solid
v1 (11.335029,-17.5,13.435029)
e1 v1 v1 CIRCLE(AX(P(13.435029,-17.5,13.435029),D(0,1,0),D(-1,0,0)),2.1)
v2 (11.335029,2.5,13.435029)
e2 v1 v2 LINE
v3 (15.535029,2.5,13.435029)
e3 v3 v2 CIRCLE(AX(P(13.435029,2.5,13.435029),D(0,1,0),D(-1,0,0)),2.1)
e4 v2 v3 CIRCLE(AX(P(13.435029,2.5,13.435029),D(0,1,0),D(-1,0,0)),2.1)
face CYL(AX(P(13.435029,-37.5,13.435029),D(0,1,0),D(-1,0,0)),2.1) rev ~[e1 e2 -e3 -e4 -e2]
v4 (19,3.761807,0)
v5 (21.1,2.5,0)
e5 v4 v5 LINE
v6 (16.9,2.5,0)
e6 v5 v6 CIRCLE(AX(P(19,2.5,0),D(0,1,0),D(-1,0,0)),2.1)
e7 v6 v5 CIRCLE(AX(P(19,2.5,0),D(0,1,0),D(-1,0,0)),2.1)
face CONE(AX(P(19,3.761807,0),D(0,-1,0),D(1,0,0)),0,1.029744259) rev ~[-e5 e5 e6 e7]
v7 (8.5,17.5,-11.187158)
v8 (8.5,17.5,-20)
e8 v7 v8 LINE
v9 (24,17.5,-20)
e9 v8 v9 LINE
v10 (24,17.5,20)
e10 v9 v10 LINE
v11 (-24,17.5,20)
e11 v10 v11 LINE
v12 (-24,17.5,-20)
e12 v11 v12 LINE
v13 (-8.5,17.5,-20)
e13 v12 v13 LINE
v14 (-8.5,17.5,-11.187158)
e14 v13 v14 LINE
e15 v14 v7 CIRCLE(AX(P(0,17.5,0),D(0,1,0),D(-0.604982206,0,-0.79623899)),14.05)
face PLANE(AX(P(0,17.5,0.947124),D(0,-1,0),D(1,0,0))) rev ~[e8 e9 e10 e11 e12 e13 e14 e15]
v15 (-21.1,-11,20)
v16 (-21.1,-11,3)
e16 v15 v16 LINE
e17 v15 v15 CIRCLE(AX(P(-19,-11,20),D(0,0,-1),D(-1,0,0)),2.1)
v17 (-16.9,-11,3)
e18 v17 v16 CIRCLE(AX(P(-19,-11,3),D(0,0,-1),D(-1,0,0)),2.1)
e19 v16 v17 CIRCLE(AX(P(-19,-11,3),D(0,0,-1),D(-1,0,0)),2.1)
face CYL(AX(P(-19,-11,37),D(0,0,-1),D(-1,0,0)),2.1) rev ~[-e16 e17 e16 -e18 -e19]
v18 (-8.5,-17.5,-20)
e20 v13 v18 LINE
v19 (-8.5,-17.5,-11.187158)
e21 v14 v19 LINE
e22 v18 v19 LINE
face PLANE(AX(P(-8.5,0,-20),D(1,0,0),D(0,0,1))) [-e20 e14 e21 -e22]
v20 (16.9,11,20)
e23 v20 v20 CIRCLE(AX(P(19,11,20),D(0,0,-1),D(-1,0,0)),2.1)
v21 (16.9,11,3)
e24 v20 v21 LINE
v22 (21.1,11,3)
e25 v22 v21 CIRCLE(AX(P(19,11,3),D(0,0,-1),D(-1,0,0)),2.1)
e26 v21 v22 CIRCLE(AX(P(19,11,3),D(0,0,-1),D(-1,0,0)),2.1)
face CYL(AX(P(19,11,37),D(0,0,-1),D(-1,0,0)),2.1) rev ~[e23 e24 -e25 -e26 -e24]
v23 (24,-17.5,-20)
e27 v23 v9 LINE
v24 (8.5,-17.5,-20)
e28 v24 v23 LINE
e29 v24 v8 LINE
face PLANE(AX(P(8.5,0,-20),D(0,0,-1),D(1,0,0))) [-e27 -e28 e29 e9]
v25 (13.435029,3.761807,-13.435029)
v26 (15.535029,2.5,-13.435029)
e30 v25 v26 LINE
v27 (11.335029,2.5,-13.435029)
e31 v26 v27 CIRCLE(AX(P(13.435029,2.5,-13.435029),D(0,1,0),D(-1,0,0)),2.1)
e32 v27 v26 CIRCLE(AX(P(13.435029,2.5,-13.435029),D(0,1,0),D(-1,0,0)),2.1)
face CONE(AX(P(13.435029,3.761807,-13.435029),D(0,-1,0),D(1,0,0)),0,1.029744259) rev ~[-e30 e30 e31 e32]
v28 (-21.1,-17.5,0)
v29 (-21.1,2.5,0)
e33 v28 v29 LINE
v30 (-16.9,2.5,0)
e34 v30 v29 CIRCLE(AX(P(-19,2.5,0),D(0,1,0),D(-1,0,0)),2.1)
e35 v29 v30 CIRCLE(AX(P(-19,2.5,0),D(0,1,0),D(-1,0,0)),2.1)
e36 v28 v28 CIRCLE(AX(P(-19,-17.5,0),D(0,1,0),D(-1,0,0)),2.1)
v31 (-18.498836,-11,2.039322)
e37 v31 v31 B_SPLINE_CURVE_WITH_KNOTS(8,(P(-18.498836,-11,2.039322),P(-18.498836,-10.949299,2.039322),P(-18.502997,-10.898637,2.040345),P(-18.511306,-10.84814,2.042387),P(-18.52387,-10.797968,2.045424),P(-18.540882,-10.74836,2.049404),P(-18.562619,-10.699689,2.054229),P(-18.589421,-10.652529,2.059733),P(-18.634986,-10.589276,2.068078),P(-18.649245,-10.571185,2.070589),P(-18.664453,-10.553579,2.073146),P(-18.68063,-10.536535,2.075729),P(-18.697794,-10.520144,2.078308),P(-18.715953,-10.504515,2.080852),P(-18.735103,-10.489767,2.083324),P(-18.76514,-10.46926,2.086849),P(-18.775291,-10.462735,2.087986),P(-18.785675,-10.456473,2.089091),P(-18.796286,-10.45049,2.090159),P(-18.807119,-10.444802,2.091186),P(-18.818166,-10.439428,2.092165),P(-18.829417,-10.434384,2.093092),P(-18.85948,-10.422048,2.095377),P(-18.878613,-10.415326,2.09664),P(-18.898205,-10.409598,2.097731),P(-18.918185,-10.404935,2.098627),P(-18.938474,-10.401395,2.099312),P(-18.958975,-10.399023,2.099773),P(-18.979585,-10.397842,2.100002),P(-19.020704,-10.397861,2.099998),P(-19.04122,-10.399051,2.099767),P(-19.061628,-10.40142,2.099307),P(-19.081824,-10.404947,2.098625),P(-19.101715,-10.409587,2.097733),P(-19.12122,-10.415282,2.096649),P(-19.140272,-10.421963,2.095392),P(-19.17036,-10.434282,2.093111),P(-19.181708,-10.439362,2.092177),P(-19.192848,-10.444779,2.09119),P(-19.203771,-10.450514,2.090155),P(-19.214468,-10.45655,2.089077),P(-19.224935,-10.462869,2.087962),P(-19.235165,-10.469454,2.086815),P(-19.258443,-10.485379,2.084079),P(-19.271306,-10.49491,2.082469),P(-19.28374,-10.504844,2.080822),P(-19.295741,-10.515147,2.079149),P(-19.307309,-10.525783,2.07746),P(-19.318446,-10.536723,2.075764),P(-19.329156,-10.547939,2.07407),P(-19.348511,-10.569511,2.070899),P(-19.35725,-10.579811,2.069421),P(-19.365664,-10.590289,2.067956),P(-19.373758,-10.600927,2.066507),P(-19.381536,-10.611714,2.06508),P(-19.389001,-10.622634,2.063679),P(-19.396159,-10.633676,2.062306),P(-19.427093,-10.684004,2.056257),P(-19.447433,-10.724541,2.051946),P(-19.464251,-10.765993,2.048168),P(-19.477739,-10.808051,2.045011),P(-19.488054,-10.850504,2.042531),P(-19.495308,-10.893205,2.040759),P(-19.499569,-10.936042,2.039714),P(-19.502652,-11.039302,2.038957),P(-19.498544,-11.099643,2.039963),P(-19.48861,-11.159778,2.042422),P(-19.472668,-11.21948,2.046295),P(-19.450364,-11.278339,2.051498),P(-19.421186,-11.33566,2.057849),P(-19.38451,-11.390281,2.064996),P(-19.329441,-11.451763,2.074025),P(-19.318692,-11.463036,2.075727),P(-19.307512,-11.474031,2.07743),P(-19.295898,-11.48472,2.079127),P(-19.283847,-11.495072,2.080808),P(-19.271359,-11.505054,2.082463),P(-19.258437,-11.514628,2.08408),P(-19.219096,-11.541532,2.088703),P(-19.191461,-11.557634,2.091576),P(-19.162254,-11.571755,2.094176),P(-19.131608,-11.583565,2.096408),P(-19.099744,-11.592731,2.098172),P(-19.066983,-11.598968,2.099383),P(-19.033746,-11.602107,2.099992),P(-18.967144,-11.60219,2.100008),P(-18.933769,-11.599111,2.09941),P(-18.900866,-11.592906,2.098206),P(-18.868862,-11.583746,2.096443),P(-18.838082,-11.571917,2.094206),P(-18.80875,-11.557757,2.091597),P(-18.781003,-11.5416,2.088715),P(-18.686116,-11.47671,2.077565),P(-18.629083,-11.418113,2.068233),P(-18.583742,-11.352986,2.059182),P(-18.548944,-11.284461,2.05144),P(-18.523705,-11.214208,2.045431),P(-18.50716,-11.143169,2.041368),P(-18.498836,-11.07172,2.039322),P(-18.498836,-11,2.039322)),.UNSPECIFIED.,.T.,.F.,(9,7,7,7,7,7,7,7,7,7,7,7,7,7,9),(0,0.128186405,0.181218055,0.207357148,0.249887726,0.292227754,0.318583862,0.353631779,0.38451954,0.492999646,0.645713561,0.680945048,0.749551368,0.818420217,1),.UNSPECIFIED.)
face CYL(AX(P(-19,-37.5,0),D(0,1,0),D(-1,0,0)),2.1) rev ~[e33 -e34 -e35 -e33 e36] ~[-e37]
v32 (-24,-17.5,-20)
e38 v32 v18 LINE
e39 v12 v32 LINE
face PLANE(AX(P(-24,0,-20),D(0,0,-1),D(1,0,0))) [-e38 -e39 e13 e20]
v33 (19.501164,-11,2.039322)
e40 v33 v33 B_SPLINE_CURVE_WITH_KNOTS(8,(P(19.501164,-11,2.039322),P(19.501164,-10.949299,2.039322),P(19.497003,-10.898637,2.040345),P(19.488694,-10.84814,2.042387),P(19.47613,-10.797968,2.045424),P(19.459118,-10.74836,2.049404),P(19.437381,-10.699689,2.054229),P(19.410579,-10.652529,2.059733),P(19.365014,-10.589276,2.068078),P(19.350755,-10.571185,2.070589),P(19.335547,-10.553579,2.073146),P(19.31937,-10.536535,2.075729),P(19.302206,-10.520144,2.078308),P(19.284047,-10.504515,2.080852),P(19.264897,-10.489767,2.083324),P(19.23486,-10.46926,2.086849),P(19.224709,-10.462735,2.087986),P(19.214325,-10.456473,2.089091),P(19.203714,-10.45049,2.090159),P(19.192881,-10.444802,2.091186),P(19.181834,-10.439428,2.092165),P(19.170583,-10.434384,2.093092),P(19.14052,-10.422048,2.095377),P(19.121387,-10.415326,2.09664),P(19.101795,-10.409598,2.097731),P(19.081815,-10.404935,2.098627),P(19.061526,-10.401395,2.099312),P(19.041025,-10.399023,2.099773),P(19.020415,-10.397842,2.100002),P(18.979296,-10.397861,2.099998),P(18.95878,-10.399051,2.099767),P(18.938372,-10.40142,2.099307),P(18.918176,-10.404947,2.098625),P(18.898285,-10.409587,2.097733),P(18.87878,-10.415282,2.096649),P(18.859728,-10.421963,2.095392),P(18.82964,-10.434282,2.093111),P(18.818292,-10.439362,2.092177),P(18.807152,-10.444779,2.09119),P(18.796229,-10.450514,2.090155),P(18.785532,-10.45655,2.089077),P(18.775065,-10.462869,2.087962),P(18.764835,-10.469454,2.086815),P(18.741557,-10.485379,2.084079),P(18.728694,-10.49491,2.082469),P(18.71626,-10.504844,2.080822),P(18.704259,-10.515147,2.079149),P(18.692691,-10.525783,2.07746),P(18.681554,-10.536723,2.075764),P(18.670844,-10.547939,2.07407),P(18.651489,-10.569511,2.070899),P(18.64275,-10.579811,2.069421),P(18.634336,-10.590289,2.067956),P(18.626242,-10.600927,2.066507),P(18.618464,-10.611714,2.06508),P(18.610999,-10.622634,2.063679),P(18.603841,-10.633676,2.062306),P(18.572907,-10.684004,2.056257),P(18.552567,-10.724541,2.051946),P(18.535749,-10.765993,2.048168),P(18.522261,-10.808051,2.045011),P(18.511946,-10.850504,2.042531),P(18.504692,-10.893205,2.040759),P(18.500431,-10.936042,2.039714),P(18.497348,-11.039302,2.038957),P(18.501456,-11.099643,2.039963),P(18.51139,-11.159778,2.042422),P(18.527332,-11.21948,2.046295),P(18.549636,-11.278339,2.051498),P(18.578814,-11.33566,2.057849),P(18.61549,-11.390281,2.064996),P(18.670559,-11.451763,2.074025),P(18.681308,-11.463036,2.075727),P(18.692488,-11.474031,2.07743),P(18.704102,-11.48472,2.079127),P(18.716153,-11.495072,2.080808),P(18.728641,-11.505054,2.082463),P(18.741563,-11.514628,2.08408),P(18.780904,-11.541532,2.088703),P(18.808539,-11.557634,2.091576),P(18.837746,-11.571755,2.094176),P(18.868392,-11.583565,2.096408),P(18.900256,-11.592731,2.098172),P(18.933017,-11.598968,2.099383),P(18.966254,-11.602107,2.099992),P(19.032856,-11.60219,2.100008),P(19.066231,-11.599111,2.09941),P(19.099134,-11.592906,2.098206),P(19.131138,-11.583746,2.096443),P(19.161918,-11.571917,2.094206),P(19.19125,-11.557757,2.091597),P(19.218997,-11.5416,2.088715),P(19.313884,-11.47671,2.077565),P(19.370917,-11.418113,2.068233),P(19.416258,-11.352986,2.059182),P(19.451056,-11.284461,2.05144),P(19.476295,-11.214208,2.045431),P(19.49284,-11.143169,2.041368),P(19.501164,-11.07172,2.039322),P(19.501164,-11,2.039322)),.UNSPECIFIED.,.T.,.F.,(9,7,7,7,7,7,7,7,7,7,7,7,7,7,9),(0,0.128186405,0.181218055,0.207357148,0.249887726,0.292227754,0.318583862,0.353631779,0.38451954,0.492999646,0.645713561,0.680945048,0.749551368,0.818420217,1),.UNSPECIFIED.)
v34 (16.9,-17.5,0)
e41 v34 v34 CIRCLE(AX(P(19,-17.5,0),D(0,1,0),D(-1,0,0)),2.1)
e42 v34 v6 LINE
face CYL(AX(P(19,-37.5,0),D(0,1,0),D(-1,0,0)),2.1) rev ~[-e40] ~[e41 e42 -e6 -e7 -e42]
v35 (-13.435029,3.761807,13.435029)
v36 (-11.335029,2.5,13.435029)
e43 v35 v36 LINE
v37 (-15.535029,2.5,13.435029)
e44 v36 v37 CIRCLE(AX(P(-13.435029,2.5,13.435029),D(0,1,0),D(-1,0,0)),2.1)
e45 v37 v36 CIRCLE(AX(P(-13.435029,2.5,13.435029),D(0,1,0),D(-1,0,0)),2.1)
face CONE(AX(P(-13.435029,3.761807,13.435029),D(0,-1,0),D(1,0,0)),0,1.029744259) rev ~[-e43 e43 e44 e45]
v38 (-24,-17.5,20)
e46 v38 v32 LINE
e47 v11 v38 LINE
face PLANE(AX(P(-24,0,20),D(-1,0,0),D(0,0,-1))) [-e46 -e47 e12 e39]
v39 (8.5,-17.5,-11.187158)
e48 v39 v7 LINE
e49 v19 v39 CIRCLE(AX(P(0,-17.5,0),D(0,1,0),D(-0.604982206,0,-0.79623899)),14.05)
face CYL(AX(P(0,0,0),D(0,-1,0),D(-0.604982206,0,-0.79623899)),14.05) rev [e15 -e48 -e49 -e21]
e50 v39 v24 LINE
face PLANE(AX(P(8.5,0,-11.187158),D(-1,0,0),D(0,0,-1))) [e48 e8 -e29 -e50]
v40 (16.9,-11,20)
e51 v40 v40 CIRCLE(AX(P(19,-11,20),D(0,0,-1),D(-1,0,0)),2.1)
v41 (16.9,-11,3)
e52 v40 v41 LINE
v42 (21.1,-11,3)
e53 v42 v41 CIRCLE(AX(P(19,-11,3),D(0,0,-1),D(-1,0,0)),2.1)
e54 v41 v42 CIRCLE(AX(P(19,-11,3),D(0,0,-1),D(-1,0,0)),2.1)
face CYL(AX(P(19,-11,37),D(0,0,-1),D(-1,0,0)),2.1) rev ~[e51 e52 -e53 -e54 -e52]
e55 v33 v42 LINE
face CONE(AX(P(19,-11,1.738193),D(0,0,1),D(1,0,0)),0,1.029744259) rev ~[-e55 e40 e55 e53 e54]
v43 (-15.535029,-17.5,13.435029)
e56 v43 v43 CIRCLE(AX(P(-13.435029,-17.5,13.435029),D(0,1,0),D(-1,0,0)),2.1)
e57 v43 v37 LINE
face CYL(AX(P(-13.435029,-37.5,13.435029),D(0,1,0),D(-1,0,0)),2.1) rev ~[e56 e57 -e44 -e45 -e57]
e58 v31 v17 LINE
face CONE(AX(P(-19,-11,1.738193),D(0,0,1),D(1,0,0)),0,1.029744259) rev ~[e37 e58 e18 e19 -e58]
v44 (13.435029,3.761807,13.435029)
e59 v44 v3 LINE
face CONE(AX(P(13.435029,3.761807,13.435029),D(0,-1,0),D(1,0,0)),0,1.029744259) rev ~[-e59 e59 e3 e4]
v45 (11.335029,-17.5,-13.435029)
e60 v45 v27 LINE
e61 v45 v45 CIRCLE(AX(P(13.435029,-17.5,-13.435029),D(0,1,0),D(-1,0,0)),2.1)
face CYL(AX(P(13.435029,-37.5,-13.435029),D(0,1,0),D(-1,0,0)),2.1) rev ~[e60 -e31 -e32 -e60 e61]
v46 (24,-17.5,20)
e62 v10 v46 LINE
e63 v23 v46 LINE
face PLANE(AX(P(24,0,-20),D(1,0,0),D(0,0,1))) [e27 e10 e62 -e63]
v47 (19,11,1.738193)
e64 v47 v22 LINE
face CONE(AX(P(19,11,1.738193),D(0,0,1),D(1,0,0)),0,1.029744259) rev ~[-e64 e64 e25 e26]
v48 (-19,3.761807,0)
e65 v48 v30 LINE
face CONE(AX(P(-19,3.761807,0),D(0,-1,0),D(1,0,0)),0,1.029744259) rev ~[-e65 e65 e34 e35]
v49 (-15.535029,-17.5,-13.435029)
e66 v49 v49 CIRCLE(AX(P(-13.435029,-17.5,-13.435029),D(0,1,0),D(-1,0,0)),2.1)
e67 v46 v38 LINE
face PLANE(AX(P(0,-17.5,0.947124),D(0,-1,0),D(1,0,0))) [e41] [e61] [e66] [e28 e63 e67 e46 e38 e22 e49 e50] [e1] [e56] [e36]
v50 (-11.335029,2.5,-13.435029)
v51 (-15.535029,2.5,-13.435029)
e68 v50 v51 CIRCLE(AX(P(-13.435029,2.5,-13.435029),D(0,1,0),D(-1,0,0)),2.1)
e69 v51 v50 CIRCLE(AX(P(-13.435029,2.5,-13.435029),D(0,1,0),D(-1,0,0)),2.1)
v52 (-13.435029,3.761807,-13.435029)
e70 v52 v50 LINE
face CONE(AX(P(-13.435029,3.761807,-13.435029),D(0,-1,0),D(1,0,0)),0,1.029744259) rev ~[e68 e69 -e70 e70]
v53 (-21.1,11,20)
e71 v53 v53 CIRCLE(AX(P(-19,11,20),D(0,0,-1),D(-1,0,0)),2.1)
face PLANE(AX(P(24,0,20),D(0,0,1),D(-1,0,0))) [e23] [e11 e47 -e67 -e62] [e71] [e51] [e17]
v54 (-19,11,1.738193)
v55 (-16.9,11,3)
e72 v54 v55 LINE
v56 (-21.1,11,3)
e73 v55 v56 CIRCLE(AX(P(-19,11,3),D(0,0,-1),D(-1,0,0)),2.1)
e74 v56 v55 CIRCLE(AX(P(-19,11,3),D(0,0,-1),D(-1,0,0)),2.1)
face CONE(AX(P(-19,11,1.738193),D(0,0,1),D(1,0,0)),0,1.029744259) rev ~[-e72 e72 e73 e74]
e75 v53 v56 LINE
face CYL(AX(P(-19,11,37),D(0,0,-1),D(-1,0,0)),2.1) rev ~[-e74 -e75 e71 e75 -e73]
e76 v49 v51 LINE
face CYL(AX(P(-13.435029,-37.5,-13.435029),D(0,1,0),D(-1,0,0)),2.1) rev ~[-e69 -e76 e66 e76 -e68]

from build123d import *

# Parameters (mm, degrees)
F1_DEPTH = 17.5
F3_D     = 4.2
F3_DEPTH = 20
F3_TIP   = 1.2618073
F5_D     = 4.2
F5_DEPTH = 17
F5_TIP   = 1.2618073


with BuildPart() as f1:
    # F0 (on Front) → F1 (new body, symmetric)
    with BuildSketch(Plane.XZ):
        with BuildLine():
            Line((24, -20), (24, 20))
            Line((24, 20), (-24, 20))
            Line((-24, 20), (-24, -20))
            Line((-24, -20), (-8.5, -20))
            Line((-8.5, -20), (-8.5, -11.187157816))
            ThreePointArc((-8.5, -11.187157816), (0, 14.05), (8.5, -11.187157816))
            Line((8.5, -11.187157816), (8.5, -20))
            Line((8.5, -20), (24, -20))
        make_face()
    extrude(amount=F1_DEPTH, both=True)

    # F3
    with Locations(Plane.XZ.offset(17.5)):
        with Locations((-13.4350288425, 13.4350288425), (-19, 0), (-13.4350288425, -13.4350288425), (13.4350288425, -13.4350288425), (19, 0), (13.4350288425, 13.4350288425)):
            Hole(F3_D / 2, depth=F3_DEPTH)
            with Locations((0, 0, -(F3_DEPTH + F3_TIP / 2))):  # 118° drill point
                Cone(0, F3_D / 2, F3_TIP, mode=Mode.SUBTRACT)

    # F5
    with Locations(Plane.XY.offset(20)):
        with Locations((-19, 11), (-19, -11), (19, -11), (19, 11)):
            Hole(F5_D / 2, depth=F5_DEPTH)
            with Locations((0, 0, -(F5_DEPTH + F5_TIP / 2))):  # 118° drill point
                Cone(0, F5_D / 2, F5_TIP, mode=Mode.SUBTRACT)


solid = f1.part
